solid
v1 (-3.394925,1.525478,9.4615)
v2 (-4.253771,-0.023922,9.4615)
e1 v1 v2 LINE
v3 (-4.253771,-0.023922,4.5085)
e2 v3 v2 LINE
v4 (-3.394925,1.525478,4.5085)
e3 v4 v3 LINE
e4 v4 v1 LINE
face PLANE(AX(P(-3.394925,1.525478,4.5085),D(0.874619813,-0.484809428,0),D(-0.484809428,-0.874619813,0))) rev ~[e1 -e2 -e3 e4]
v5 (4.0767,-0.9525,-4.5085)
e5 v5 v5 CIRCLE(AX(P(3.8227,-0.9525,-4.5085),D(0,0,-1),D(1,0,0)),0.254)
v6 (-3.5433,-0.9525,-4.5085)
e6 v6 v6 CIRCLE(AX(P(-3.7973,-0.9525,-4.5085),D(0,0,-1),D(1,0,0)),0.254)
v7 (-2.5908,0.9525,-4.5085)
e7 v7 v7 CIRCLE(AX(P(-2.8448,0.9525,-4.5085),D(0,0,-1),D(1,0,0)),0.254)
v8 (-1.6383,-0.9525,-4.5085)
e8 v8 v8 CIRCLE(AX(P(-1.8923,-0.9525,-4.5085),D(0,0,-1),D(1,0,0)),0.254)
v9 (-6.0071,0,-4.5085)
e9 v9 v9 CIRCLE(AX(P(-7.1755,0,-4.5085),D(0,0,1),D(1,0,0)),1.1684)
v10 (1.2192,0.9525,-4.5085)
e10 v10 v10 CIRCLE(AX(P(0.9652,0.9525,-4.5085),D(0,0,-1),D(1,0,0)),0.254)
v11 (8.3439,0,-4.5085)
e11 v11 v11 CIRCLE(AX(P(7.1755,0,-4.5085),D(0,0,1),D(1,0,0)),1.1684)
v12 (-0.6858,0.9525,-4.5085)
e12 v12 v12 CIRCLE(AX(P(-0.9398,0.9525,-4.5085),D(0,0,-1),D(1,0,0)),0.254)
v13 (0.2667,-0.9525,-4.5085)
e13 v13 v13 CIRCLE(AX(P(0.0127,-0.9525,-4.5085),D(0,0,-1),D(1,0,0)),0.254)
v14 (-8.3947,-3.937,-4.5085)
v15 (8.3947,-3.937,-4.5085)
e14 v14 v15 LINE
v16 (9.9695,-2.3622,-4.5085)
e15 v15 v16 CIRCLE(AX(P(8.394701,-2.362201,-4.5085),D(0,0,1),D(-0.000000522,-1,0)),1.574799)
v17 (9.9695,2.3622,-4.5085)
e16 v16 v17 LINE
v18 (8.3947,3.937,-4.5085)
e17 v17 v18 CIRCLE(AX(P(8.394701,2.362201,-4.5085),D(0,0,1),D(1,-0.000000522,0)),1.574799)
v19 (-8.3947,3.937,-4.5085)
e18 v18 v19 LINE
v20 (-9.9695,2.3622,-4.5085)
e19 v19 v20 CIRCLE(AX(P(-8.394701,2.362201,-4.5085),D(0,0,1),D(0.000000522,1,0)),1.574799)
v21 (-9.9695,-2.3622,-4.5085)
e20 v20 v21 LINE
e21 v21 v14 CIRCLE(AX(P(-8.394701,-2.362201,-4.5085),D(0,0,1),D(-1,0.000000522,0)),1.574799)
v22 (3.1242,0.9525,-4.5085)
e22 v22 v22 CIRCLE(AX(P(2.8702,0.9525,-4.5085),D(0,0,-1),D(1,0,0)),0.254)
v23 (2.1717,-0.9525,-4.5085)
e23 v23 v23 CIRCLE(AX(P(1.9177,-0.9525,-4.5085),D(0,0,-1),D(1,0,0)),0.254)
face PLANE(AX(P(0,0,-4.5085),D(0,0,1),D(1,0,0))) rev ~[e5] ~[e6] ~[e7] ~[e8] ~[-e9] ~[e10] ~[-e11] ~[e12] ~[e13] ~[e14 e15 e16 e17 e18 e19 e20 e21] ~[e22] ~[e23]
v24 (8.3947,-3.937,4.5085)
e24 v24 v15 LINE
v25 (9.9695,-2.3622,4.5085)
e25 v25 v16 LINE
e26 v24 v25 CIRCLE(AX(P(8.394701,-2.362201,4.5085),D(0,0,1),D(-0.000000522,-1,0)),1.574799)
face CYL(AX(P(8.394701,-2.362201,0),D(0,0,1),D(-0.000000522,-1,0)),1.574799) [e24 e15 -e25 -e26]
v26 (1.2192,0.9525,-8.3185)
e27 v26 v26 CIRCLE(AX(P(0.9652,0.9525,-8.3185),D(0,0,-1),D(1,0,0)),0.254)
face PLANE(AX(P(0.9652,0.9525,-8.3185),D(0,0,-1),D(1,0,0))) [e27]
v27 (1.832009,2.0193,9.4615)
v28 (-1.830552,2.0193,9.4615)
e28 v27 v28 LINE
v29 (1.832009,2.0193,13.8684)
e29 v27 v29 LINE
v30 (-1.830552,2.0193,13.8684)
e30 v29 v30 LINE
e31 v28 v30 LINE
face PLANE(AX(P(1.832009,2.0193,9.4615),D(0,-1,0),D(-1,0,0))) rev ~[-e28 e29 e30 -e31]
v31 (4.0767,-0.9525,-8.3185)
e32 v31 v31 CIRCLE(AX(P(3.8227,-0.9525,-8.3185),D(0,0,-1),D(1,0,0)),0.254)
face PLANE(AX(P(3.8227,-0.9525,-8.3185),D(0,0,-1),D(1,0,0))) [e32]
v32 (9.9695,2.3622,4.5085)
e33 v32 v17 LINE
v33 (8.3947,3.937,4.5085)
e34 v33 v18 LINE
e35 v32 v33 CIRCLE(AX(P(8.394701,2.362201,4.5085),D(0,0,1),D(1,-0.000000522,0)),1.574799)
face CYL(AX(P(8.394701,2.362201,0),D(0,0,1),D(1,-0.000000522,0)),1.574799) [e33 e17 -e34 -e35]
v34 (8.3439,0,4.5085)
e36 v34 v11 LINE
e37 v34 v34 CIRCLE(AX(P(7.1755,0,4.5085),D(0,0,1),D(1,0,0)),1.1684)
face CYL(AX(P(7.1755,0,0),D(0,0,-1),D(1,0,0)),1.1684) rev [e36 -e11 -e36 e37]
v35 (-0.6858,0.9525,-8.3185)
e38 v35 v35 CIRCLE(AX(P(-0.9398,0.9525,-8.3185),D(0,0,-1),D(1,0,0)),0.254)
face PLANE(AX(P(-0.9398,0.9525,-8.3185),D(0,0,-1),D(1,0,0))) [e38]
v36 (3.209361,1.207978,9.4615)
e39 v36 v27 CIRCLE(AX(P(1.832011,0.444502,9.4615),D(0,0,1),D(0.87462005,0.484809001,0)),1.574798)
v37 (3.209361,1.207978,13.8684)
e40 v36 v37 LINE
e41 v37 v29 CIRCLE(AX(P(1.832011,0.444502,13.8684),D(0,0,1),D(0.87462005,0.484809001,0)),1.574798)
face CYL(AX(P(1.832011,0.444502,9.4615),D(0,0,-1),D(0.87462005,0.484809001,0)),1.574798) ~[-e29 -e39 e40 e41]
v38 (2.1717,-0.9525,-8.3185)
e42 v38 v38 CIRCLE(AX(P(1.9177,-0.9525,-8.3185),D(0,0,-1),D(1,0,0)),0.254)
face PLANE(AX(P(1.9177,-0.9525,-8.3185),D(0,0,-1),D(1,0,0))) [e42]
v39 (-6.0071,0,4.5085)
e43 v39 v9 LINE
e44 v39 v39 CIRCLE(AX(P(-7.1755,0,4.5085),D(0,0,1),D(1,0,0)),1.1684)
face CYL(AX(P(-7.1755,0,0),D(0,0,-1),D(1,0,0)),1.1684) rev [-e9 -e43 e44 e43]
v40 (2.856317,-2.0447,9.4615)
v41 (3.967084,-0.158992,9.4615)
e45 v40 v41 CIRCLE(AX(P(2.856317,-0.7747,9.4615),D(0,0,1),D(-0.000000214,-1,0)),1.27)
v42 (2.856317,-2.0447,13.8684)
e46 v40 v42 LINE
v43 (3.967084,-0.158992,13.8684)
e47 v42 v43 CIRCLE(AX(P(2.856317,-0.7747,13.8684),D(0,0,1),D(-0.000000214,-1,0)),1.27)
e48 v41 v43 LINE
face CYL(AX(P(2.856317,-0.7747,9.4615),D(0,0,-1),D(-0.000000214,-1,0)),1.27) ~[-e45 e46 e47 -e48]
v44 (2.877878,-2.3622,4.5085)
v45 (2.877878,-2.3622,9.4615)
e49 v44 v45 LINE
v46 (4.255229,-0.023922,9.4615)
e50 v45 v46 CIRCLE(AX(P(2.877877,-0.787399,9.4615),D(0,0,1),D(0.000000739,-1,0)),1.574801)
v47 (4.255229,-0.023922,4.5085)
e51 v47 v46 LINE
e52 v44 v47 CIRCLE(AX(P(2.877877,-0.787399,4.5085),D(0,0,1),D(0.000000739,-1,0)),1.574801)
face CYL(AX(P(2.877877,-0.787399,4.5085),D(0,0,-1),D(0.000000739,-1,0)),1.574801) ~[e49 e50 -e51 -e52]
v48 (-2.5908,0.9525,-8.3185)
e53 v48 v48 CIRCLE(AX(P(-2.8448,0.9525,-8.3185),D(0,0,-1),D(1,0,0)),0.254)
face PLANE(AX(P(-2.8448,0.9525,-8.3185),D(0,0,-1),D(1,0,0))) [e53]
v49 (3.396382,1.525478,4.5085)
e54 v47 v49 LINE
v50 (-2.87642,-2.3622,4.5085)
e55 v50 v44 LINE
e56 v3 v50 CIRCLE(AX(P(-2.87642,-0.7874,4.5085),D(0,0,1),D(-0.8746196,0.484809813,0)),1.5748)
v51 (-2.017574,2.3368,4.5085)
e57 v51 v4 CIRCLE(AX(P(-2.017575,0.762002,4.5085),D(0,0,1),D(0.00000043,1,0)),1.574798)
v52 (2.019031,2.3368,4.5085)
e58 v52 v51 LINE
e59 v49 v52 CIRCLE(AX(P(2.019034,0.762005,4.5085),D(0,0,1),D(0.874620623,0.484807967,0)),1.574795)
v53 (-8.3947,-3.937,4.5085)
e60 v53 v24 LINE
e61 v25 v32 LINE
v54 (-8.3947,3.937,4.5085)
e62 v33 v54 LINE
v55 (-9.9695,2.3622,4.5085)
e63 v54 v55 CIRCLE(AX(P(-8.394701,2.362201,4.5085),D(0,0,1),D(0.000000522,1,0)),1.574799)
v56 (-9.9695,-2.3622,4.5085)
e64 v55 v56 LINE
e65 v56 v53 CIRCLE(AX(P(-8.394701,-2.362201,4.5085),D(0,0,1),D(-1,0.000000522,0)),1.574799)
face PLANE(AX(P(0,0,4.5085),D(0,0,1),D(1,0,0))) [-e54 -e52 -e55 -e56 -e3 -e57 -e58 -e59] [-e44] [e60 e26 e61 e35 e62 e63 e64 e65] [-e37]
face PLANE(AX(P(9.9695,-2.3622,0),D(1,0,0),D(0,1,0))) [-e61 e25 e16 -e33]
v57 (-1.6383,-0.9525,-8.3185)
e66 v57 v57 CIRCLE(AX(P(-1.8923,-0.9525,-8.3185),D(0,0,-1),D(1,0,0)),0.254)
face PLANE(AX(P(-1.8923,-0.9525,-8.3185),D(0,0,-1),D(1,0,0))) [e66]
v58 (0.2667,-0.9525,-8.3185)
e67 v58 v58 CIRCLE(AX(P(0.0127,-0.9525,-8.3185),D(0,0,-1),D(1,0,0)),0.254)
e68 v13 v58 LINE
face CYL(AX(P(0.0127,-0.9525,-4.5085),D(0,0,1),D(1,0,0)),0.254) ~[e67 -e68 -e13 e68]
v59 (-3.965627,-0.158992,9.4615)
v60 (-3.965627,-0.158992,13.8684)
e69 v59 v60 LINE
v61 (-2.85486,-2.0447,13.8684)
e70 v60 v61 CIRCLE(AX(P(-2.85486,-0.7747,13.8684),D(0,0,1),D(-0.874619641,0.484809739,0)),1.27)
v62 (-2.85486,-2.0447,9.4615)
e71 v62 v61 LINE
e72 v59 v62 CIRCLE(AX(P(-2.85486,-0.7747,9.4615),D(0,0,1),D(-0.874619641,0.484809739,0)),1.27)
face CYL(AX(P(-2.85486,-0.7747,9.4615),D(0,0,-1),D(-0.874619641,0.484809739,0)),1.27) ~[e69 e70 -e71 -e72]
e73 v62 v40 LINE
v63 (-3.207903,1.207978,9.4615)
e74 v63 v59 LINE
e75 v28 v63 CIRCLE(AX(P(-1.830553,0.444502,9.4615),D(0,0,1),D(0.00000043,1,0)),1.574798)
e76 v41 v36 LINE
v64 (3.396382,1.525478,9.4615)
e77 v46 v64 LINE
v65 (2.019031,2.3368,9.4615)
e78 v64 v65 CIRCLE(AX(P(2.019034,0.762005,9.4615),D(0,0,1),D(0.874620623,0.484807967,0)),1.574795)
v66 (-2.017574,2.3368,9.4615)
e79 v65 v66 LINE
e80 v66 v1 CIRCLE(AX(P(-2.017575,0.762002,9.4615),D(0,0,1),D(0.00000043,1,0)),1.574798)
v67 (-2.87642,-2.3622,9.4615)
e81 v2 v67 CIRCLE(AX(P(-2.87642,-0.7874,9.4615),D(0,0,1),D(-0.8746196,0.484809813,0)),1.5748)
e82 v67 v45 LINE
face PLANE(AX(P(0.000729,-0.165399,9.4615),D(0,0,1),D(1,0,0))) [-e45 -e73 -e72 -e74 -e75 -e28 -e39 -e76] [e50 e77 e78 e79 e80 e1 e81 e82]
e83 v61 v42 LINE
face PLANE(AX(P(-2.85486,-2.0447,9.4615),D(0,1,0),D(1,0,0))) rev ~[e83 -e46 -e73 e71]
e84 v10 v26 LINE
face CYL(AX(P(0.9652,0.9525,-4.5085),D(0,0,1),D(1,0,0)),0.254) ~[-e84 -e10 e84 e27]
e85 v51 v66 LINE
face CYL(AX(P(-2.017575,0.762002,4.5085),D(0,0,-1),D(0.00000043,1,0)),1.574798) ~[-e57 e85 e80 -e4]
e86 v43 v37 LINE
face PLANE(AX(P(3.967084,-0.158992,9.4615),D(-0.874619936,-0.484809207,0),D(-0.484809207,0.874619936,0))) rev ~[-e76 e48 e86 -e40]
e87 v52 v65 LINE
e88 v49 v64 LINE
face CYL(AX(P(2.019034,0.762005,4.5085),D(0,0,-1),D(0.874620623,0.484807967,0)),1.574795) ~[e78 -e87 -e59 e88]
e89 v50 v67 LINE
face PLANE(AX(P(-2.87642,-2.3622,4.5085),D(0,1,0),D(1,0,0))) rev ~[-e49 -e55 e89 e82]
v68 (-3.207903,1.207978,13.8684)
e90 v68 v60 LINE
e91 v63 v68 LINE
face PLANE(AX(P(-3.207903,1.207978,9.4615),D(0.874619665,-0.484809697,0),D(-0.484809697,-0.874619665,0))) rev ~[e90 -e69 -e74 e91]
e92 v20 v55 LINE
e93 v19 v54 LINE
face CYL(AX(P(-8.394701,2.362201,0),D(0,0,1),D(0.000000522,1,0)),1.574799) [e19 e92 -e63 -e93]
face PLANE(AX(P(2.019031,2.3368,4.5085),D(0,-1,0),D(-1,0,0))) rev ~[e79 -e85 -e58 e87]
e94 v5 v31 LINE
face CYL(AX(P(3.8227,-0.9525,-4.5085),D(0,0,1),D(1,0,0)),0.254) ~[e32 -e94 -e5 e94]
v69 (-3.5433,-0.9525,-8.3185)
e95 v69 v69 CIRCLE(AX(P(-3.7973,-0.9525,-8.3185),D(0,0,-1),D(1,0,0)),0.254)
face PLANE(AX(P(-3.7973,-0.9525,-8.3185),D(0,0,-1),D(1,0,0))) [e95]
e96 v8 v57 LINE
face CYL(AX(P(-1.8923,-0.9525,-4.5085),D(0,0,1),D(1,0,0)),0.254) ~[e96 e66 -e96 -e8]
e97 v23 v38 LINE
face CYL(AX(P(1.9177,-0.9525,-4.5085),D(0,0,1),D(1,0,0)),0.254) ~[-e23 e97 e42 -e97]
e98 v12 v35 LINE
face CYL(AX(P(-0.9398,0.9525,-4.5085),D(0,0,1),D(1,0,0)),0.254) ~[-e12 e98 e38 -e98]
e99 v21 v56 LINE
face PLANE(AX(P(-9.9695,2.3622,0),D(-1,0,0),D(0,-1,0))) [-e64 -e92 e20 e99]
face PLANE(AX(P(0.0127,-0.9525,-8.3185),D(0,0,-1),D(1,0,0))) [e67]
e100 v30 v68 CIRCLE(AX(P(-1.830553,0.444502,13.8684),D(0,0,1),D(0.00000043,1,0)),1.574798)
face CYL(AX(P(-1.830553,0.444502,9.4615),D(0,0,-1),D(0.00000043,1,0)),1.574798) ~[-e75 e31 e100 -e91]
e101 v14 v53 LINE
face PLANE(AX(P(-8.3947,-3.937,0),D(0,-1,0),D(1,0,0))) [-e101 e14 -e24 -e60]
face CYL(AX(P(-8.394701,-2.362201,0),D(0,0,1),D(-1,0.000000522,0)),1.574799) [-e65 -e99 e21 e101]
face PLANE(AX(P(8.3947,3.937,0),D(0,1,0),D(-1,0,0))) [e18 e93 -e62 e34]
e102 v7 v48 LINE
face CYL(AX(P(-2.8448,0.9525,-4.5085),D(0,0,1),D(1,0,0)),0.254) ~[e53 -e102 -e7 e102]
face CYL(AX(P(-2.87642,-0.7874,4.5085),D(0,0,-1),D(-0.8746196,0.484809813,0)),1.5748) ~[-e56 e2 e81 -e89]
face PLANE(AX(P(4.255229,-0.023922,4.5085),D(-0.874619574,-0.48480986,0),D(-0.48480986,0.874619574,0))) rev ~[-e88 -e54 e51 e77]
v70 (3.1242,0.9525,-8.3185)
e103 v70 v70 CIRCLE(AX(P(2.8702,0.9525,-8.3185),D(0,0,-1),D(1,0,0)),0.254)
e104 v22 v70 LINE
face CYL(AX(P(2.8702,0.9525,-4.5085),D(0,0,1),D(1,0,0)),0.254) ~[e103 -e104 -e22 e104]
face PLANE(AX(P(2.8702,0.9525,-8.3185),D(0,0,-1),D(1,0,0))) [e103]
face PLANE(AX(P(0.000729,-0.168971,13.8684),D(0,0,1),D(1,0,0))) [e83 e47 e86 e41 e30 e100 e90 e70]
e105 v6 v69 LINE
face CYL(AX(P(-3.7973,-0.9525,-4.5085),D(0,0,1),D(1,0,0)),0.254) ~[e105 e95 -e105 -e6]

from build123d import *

# Parameters (mm, degrees)
F0_R     = 1.1684
F1_DEPTH = 4.5085
F3_DEPTH = 4.953
F5_DEPTH = 4.4069
F6_R     = 0.254
F7_DEPTH = 3.81


with BuildPart() as f1:
    # F0 (on Top) → F1 (new body, symmetric)
    with BuildSketch(Plane.XY):
        with BuildLine():
            Line((8.3947, 3.937), (-8.3947, 3.937))
            ThreePointArc((-8.3947, 3.937), (-9.508252, 3.475752), (-9.9695, 2.3622))
            Line((-9.9695, 2.3622), (-9.9695, -2.3622))
            ThreePointArc((-9.9695, -2.3622), (-9.508252, -3.475752), (-8.3947, -3.937))
            Line((-8.3947, -3.937), (8.3947, -3.937))
            ThreePointArc((8.3947, -3.937), (9.508252, -3.475752), (9.9695, -2.3622))
            Line((9.9695, -2.3622), (9.9695, 2.3622))
            ThreePointArc((9.9695, 2.3622), (9.508252, 3.475752), (8.3947, 3.937))
        make_face()
        with Locations((-7.1755, 0)):
            Circle(F0_R, mode=Mode.SUBTRACT)
        with Locations((7.1755, 0)):
            Circle(F0_R, mode=Mode.SUBTRACT)
    extrude(amount=F1_DEPTH, both=True)

    # F2 (on face) → F3 (join)
    with BuildSketch(Plane.XY.offset(4.5085)):
        with BuildLine():
            Line((-2.87642, -2.3622), (2.877878, -2.3622))
            ThreePointArc((2.877878, -2.3622), (4.234771, -1.586671), (4.255229, -0.023922))
            Line((4.255229, -0.023922), (3.396382, 1.525478))
            ThreePointArc((3.396382, 1.525478), (2.818303, 2.118894), (2.019031, 2.3368))
            Line((2.019031, 2.3368), (-2.017574, 2.3368))
            ThreePointArc((-2.017574, 2.3368), (-2.816845, 2.118894), (-3.394925, 1.525478))
            Line((-3.394925, 1.525478), (-4.253771, -0.023922))
            ThreePointArc((-4.253771, -0.023922), (-4.233314, -1.586671), (-2.87642, -2.3622))
        make_face()
    extrude(amount=F3_DEPTH)

    # F4 (on face) → F5 (join)
    with BuildSketch(Plane.XY.offset(9.4615)):
        with BuildLine():
            Line((1.832009, 2.0193), (-1.830552, 2.0193))
            ThreePointArc((-1.830552, 2.0193), (-2.629823, 1.801394), (-3.207903, 1.207978))
            Line((-3.207903, 1.207978), (-3.965627, -0.158992))
            ThreePointArc((-3.965627, -0.158992), (-3.949129, -1.419274), (-2.85486, -2.0447))
            Line((-2.85486, -2.0447), (2.856317, -2.0447))
            ThreePointArc((2.856317, -2.0447), (3.950586, -1.419274), (3.967084, -0.158992))
            Line((3.967084, -0.158992), (3.209361, 1.207978))
            ThreePointArc((3.209361, 1.207978), (2.631281, 1.801394), (1.832009, 2.0193))
        make_face()
    extrude(amount=F5_DEPTH)

    # F6 (on face) → F7 (join)
    with BuildSketch(Plane(origin=(0, 0, -4.5085), x_dir=(1, 0, 0), z_dir=(0, 0, -1))):
        with Locations((-3.7973, 0.9525)):
            Circle(F6_R)
        with Locations((-1.8923, 0.9525)):
            Circle(F6_R)
        with Locations((0.0127, 0.9525)):
            Circle(F6_R)
        with Locations((1.9177, 0.9525)):
            Circle(F6_R)
        with Locations((3.8227, 0.9525)):
            Circle(F6_R)
        with Locations((-2.8448, -0.9525)):
            Circle(F6_R)
        with Locations((-0.9398, -0.9525)):
            Circle(F6_R)
        with Locations((0.9652, -0.9525)):
            Circle(F6_R)
        with Locations((2.8702, -0.9525)):
            Circle(F6_R)
    extrude(amount=F7_DEPTH)


solid = f1.part
